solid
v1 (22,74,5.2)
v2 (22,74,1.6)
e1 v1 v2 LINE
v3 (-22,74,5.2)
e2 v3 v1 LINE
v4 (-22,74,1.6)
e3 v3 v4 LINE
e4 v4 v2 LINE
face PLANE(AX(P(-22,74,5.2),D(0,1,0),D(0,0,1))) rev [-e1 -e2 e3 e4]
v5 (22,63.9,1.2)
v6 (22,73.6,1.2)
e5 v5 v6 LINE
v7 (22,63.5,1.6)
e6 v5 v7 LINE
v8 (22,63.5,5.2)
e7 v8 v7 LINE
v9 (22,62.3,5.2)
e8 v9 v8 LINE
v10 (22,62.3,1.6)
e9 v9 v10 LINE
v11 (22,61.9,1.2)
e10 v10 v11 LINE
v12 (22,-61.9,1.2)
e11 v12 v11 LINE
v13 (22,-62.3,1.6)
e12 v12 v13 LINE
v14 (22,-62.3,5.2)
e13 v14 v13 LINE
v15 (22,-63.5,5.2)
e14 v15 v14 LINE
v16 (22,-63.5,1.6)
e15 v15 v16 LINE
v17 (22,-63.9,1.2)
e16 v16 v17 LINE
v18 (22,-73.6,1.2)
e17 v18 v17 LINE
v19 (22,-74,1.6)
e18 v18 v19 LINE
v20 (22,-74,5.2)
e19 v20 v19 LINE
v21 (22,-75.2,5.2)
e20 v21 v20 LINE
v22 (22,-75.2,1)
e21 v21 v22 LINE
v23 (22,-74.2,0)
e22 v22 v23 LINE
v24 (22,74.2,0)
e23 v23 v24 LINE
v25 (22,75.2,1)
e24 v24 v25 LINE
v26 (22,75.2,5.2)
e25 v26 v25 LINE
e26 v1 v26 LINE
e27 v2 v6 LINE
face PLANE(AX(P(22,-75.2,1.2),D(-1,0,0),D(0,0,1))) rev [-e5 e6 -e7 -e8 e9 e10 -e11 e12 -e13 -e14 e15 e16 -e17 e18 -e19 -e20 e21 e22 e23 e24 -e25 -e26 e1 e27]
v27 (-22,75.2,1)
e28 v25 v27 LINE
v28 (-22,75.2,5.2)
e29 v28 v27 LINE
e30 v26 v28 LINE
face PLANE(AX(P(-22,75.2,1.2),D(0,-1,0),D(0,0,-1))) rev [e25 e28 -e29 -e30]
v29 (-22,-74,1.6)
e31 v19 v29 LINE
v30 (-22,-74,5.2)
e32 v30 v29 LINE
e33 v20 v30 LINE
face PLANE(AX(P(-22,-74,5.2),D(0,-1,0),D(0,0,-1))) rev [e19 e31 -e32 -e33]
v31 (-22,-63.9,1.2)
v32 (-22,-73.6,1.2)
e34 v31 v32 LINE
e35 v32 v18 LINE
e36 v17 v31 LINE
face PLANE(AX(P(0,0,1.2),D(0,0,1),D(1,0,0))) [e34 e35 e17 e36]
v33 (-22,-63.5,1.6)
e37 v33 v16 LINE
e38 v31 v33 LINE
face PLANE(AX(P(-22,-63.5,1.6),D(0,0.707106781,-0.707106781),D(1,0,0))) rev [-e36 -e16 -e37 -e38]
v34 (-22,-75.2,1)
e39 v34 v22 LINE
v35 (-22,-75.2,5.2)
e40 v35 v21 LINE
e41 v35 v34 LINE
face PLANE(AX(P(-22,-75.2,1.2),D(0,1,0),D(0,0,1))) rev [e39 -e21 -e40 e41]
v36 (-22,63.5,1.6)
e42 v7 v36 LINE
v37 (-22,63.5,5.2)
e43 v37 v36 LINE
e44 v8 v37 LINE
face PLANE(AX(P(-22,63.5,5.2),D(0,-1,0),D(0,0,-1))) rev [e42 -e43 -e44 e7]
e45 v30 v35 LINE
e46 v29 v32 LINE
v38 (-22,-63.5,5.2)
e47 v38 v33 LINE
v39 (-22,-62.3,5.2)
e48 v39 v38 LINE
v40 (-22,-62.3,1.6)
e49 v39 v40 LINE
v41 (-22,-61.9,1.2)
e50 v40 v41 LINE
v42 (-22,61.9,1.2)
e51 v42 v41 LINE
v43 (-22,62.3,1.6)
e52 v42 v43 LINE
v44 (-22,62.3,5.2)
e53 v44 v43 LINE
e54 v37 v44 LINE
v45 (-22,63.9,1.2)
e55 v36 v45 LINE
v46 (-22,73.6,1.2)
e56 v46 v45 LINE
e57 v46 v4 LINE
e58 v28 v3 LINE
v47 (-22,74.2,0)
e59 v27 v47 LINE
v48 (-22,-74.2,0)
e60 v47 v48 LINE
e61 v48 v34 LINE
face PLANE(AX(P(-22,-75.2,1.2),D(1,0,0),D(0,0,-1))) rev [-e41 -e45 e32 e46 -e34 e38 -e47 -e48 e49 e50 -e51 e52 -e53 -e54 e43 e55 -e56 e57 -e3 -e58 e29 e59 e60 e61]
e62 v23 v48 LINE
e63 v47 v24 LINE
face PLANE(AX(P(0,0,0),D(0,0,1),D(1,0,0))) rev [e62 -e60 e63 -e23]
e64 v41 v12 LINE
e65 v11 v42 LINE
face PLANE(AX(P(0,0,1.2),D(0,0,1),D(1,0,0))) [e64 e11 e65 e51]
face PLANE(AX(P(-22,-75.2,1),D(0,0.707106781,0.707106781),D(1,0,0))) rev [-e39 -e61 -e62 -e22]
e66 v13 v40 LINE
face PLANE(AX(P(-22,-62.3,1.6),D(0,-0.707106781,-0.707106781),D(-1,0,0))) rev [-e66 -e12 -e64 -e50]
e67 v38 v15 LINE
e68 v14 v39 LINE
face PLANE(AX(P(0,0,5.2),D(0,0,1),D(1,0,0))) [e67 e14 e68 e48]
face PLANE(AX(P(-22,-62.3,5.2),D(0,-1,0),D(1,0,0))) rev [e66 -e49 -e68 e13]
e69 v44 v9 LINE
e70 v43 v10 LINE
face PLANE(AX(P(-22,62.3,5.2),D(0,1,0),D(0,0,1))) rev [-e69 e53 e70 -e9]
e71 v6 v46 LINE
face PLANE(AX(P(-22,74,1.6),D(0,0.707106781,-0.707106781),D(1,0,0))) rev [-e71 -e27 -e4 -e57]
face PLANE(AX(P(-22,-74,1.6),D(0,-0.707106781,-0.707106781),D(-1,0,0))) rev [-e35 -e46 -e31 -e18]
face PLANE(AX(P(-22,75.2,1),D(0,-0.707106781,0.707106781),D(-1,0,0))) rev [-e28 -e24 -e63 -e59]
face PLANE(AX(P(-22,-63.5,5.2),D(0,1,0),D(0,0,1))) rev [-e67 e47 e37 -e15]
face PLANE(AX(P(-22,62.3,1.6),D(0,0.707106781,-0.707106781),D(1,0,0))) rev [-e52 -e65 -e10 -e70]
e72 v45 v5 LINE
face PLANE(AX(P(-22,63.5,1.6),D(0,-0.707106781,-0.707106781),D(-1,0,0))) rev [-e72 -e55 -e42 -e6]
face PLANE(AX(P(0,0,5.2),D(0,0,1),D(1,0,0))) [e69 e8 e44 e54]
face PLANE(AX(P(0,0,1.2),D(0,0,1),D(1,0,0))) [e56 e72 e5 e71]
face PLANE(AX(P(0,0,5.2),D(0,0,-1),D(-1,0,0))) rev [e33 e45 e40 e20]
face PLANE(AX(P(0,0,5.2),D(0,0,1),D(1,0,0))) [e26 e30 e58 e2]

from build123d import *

# Parameters (mm, degrees)
CROQUIS1_W              = 150.4
CROQUIS1_H              = 44
SALIENTE_EXTRUIR1_DEPTH = 1.2
CROQUIS2_W              = 44
CROQUIS2_H              = 1.2
SALIENTE_EXTRUIR2_DEPTH = 4
CHAFL_N1_SIZE           = 0.4
CHAFL_N2_SIZE           = 1


with BuildPart() as part:
    # Croquis1 → Saliente-Extruir1 (new body)
    with BuildSketch(Plane(origin=(0, 0, 0), x_dir=(0, 1, 0), z_dir=(0, 0, 1))):
        Rectangle(CROQUIS1_W, CROQUIS1_H)
    extrude(amount=SALIENTE_EXTRUIR1_DEPTH)

    # Croquis2 → Saliente-Extruir2 (add)
    with BuildSketch(Plane.XY.offset(1.2)):
        with Locations((0, 74.6)):
            Rectangle(CROQUIS2_W, CROQUIS2_H)
        with Locations((0, -74.6)):
            Rectangle(CROQUIS2_W, CROQUIS2_H)
        with Locations((0, -62.9)):
            Rectangle(CROQUIS2_W, CROQUIS2_H)
        with Locations((0, 62.9)):
            Rectangle(CROQUIS2_W, CROQUIS2_H)
    extrude(amount=SALIENTE_EXTRUIR2_DEPTH)

    # Chaflán1
    chafl_n1_edges = [part.edges().sort_by_distance(p)[0] for p in [
        (0, 74, 1.2),
        (0, -74, 1.2),
        (0, -63.5, 1.2),
        (0, -62.3, 1.2),
        (0, 62.3, 1.2),
        (0, 63.5, 1.2),
    ]]
    chamfer(chafl_n1_edges, length=CHAFL_N1_SIZE)

    # Chaflán2
    chafl_n2_edges = [part.edges().sort_by_distance(p)[0] for p in [
        (0, -75.2, 0),
        (0, 75.2, 0),
    ]]
    chamfer(chafl_n2_edges, length=CHAFL_N2_SIZE)


solid = part.part
